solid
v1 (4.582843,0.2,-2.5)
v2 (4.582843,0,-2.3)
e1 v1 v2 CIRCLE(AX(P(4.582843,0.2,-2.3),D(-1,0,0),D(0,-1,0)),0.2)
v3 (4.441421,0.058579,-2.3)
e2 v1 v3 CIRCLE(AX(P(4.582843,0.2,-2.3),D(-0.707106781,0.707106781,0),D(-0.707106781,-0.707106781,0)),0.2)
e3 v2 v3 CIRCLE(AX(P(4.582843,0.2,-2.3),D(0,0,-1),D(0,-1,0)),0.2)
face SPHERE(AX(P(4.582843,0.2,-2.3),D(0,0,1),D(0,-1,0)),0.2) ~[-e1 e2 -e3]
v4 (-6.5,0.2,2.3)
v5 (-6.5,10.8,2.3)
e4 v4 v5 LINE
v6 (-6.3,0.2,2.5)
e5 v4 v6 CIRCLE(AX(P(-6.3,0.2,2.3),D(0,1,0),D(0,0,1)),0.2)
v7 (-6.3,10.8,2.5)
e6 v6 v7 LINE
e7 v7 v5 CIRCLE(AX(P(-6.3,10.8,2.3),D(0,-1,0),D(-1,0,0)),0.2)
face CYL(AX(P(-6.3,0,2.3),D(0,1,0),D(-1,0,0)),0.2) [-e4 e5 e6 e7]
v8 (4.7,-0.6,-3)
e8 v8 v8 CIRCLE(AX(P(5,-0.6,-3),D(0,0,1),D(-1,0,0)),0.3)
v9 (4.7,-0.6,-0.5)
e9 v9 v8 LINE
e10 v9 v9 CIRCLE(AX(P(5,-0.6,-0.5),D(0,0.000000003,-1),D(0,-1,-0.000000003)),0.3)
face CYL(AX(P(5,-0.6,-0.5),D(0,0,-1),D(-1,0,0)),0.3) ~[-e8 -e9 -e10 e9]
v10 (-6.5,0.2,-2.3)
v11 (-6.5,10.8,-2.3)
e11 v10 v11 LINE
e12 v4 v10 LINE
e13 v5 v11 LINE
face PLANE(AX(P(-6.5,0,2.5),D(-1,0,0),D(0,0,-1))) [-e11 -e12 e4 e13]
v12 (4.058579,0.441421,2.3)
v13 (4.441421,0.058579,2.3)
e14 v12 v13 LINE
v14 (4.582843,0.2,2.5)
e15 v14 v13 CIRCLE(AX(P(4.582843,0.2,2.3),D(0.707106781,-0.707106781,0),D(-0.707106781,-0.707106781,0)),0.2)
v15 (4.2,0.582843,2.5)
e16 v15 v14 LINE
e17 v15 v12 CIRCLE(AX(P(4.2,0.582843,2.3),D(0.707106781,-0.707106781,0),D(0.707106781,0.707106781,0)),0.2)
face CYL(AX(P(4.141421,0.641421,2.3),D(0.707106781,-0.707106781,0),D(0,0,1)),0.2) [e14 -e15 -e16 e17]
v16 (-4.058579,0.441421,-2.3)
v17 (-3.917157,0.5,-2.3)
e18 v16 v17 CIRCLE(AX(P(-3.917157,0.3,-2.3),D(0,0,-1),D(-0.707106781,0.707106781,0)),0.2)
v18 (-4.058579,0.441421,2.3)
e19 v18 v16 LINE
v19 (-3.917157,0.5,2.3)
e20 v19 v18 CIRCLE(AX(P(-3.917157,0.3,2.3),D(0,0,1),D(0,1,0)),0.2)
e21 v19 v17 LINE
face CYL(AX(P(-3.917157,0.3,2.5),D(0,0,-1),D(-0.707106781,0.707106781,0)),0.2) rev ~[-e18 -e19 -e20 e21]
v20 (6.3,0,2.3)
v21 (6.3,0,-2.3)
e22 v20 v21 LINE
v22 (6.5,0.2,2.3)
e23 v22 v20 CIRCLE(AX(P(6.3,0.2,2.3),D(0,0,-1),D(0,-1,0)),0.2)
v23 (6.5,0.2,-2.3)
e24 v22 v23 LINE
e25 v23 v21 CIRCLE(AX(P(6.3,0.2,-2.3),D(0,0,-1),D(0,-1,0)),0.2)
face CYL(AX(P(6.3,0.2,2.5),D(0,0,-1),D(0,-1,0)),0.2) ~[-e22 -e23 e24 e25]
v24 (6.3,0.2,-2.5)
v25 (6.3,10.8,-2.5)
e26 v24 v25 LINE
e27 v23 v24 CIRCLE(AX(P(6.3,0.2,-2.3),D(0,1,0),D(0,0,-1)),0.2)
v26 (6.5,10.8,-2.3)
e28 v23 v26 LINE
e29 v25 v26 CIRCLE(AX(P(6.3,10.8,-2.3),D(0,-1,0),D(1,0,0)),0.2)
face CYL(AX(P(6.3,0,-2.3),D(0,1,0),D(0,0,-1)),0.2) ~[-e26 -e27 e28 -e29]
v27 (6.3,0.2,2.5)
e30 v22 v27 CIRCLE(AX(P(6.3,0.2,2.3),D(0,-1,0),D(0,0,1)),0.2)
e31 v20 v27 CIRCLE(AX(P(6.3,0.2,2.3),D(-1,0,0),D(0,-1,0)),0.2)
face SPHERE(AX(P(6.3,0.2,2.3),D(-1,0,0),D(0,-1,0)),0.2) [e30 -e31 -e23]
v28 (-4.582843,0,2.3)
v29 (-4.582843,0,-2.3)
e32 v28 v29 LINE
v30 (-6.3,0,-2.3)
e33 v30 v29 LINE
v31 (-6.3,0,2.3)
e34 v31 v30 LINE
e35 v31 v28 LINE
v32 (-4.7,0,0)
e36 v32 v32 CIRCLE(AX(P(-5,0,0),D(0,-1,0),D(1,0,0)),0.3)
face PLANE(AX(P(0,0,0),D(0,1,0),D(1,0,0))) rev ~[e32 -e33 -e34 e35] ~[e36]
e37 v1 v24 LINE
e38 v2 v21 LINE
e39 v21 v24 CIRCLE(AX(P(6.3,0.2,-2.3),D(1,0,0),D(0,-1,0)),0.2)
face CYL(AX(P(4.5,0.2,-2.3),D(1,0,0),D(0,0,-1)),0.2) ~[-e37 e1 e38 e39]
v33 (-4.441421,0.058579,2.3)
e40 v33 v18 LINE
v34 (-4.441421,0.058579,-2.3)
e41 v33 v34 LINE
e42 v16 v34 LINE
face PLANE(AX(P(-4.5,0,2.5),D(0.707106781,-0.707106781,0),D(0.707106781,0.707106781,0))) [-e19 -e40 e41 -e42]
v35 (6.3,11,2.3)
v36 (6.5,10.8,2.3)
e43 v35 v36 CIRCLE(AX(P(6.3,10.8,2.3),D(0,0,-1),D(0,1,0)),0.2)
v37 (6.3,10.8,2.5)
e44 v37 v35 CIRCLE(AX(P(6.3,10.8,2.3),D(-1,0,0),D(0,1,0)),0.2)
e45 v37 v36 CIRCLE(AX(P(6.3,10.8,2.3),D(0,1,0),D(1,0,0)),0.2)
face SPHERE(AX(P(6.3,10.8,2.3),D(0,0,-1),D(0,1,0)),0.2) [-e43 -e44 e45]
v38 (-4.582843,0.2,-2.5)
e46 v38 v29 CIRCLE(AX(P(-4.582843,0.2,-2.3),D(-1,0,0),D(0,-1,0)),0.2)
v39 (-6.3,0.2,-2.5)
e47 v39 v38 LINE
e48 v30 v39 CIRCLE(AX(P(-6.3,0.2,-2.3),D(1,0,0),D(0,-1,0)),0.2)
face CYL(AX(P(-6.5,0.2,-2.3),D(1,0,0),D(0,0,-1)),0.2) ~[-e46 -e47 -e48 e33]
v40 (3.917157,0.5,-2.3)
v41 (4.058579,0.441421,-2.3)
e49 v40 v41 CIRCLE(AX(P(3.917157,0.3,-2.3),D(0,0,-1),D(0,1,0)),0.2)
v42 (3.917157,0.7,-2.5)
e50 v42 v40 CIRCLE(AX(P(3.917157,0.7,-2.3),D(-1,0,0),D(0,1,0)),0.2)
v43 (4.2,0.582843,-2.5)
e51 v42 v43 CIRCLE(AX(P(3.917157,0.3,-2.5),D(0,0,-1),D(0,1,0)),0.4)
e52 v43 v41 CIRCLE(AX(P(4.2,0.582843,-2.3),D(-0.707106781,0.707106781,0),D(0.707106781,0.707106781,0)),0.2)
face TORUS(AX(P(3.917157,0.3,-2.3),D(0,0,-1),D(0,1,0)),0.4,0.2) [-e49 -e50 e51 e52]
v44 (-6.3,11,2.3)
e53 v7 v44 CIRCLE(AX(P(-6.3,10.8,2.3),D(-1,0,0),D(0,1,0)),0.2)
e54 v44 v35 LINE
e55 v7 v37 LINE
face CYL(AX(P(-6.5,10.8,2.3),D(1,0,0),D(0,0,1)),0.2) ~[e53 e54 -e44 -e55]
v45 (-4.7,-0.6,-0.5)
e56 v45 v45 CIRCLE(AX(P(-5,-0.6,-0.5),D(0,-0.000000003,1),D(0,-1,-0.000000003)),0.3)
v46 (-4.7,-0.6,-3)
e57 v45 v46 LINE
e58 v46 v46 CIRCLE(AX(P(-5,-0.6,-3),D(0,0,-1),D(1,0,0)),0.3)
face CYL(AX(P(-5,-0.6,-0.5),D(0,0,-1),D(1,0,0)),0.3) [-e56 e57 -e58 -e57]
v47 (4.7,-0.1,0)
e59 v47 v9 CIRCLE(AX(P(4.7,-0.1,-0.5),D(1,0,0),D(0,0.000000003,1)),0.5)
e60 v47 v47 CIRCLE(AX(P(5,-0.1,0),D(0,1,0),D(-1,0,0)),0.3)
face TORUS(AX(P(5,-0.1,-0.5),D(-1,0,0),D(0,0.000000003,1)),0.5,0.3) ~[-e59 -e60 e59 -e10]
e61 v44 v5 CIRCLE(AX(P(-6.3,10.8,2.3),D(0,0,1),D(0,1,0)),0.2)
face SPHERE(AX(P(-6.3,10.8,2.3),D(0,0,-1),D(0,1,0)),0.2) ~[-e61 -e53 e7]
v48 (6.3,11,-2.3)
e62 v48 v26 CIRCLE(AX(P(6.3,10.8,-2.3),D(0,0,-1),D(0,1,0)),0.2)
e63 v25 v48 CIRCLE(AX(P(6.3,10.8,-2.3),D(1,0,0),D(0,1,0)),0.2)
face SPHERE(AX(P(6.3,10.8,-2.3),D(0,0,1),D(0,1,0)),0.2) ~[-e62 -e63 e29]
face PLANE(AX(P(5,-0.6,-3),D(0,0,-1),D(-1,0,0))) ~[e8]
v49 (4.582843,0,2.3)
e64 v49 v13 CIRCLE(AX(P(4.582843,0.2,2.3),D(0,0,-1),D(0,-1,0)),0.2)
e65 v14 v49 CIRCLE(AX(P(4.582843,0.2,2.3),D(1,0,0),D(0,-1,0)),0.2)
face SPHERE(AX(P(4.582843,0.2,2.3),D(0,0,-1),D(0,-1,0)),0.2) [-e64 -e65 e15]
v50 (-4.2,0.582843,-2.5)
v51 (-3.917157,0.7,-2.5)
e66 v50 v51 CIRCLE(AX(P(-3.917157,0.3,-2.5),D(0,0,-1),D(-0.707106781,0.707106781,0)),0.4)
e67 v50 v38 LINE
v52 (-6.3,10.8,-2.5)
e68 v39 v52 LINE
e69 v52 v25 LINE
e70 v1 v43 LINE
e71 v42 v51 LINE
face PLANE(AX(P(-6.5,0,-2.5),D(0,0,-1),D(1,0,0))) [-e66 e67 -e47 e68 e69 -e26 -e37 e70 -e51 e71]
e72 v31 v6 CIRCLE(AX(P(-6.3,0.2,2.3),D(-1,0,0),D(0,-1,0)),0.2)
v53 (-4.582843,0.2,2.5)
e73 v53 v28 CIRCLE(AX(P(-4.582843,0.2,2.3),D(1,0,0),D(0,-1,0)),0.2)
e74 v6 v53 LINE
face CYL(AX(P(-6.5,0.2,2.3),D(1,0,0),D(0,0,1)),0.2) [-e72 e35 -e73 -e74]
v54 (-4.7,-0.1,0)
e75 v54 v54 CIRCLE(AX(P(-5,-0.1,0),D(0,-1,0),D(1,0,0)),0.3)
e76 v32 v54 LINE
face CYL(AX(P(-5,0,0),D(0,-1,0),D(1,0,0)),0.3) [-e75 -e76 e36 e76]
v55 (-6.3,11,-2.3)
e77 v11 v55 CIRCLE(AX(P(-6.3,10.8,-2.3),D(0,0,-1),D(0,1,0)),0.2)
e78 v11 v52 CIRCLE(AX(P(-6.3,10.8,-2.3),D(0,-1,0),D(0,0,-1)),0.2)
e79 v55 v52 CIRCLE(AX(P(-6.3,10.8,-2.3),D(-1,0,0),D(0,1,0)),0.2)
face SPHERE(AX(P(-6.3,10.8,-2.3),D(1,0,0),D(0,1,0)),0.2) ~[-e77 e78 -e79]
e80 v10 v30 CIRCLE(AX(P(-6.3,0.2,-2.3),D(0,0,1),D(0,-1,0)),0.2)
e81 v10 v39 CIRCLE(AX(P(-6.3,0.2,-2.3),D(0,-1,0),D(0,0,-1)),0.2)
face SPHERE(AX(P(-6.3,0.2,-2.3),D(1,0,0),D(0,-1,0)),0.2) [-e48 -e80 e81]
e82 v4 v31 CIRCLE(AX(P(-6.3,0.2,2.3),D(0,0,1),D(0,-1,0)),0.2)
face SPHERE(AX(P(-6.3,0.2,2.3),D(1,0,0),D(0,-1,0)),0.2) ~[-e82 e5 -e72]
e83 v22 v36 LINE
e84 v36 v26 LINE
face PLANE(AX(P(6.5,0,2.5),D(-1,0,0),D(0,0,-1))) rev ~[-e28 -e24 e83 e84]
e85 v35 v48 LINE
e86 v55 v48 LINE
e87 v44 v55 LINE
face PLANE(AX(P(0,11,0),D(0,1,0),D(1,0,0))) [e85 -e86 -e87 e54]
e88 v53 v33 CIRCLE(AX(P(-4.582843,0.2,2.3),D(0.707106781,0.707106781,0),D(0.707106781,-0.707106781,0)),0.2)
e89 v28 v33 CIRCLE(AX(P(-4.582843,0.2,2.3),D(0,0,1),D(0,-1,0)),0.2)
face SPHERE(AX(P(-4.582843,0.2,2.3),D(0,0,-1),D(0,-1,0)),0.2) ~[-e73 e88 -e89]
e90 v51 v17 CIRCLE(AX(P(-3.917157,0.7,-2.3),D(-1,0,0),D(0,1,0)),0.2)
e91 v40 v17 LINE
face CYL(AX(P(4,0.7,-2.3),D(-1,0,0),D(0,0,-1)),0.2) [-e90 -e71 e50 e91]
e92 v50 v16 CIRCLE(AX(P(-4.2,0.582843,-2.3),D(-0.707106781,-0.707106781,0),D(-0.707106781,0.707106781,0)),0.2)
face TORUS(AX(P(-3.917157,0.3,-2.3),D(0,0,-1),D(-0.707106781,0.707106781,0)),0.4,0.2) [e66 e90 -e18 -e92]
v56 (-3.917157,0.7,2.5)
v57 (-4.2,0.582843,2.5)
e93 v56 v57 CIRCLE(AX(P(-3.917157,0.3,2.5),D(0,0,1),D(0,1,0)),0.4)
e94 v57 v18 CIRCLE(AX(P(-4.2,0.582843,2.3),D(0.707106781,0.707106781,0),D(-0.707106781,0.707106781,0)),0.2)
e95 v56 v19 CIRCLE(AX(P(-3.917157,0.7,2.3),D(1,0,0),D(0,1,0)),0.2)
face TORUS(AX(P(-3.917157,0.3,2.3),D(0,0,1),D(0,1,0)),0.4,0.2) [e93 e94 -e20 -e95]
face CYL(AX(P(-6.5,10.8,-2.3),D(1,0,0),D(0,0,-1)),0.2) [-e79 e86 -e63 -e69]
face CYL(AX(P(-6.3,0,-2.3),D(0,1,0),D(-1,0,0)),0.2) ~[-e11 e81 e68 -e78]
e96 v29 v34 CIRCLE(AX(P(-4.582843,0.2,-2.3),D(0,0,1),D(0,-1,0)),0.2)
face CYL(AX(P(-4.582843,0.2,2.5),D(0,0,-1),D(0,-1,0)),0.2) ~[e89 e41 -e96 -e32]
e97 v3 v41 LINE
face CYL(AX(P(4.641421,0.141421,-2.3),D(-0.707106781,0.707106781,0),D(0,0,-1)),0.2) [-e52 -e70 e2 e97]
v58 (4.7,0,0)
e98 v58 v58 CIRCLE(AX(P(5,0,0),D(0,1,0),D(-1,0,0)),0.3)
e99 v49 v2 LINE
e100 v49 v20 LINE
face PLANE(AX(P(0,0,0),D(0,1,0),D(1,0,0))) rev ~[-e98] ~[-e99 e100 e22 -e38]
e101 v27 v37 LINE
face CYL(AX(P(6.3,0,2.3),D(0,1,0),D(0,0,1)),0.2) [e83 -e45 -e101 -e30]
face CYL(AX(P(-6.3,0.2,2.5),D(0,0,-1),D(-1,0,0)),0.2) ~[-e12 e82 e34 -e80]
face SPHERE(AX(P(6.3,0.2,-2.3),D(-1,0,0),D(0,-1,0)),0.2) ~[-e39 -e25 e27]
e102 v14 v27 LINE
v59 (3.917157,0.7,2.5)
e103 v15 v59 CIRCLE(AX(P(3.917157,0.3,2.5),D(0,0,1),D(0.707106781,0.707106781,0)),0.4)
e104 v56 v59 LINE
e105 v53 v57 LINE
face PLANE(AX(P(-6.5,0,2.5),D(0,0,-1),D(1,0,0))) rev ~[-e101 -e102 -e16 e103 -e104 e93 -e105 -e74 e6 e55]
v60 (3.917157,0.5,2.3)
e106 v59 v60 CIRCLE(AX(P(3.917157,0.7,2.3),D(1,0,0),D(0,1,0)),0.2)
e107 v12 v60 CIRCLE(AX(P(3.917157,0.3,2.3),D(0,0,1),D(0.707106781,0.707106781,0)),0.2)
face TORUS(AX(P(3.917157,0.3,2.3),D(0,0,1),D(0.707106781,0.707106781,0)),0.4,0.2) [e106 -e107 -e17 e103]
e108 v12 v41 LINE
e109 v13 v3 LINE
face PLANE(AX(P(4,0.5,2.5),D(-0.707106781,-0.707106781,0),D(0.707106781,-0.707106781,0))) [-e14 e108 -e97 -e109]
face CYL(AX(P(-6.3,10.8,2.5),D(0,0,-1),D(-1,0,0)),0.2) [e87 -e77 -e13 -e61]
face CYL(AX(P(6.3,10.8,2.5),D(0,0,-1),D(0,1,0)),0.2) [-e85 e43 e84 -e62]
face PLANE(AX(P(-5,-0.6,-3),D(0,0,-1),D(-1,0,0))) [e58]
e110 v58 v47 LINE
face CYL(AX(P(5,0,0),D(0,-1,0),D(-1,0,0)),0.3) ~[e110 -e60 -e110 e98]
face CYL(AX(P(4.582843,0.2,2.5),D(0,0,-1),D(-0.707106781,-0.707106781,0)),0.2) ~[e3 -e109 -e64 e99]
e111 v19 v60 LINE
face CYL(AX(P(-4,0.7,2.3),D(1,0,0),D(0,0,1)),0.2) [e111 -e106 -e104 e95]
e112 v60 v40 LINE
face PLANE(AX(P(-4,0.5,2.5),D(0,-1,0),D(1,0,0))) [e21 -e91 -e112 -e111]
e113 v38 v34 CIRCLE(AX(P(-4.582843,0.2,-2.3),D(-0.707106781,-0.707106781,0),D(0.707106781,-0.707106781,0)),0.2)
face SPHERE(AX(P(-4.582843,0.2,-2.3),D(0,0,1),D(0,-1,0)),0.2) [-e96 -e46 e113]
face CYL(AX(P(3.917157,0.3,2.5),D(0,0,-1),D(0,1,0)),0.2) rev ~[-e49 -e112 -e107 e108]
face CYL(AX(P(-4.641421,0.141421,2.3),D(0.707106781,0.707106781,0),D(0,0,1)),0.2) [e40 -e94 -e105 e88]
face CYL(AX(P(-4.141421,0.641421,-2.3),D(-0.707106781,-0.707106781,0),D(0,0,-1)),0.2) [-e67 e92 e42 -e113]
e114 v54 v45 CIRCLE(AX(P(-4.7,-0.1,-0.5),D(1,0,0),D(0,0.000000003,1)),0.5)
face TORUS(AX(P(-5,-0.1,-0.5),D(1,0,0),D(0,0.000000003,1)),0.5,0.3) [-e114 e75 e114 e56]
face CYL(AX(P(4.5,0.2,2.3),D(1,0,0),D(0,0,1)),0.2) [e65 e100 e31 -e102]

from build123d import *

# Parameters (mm, degrees)
SKETCH1_W           = 13
SKETCH1_H           = 5
BOSS_EXTRUDE1_DEPTH = 11
CUT_EXTRUDE1_DEPTH  = 6
FILLET1_R           = 0.2
SKETCH3_R           = 0.3


with BuildPart() as part:
    # Sketch1 → Boss-Extrude1 (new body)
    with BuildSketch(Plane(origin=(0, 0, 0), x_dir=(1, 0, 0), z_dir=(0, 1, 0))):
        Rectangle(SKETCH1_W, SKETCH1_H)
    extrude(amount=BOSS_EXTRUDE1_DEPTH)

    # Sketch2 → Cut-Extrude1 (cut, through all)
    with BuildSketch(Plane.XY.offset(2.5)):
        Polygon((-4.5, 0), (-4, 0.5), (4, 0.5), (4.5, 0), (4.5, -1.5), (-4.5, -1.5), align=None)
    extrude(amount=-CUT_EXTRUDE1_DEPTH, mode=Mode.SUBTRACT)

    # Fillet1
    fillet1_edges = [part.edges().sort_by_distance(p)[0] for p in [
        (6.5, 11, 0),
        (0, 11, -2.5),
        (-5.5, 0, -2.5),
        (5.5, 0, 2.5),
        (4.25, 0.25, 2.5),
        (0, 0.5, 2.5),
        (-4.25, 0.25, 2.5),
        (-4.25, 0.25, -2.5),
        (-4.5, 0, 0),
        (0, 0.5, -2.5),
        (-4, 0.5, 0),
        (4.25, 0.25, -2.5),
        (4, 0.5, 0),
        (4.5, 0, 0),
        (-6.5, 11, 0),
        (5.5, 0, -2.5),
        (6.5, 0, 0),
        (-5.5, 0, 2.5),
        (-6.5, 0, 0),
        (0, 11, 2.5),
        (-6.5, 5.5, -2.5),
        (6.5, 5.5, -2.5),
        (6.5, 5.5, 2.5),
        (-6.5, 5.5, 2.5),
    ]]
    fillet(fillet1_edges, radius=FILLET1_R)

    # Sweep1: sweep along a path in Sketch5
    with BuildLine(Plane(origin=(-5, 0, 0), x_dir=(0, 0, -1), z_dir=(1, 0, 0))) as sweep1_path:
        Line((0, 0), (0, -0.1))
        ThreePointArc((0, -0.1), (0.146446609, -0.453553391), (0.5, -0.6))
        Line((0.5, -0.6), (3, -0.6))
    # Sketch3 → Sweep1 (sweep)
    with BuildSketch(Plane.XZ):
        with Locations((-5, 0)):
            Circle(SKETCH3_R)
    sweep1 = sweep(path=sweep1_path.line)

    # Mirror1: Sweep1 across plane
    add(sweep1.mirror(Plane(origin=(0, 0, 0), x_dir=(0, 0, 1), z_dir=(1, 0, 0))))


solid = part.part
